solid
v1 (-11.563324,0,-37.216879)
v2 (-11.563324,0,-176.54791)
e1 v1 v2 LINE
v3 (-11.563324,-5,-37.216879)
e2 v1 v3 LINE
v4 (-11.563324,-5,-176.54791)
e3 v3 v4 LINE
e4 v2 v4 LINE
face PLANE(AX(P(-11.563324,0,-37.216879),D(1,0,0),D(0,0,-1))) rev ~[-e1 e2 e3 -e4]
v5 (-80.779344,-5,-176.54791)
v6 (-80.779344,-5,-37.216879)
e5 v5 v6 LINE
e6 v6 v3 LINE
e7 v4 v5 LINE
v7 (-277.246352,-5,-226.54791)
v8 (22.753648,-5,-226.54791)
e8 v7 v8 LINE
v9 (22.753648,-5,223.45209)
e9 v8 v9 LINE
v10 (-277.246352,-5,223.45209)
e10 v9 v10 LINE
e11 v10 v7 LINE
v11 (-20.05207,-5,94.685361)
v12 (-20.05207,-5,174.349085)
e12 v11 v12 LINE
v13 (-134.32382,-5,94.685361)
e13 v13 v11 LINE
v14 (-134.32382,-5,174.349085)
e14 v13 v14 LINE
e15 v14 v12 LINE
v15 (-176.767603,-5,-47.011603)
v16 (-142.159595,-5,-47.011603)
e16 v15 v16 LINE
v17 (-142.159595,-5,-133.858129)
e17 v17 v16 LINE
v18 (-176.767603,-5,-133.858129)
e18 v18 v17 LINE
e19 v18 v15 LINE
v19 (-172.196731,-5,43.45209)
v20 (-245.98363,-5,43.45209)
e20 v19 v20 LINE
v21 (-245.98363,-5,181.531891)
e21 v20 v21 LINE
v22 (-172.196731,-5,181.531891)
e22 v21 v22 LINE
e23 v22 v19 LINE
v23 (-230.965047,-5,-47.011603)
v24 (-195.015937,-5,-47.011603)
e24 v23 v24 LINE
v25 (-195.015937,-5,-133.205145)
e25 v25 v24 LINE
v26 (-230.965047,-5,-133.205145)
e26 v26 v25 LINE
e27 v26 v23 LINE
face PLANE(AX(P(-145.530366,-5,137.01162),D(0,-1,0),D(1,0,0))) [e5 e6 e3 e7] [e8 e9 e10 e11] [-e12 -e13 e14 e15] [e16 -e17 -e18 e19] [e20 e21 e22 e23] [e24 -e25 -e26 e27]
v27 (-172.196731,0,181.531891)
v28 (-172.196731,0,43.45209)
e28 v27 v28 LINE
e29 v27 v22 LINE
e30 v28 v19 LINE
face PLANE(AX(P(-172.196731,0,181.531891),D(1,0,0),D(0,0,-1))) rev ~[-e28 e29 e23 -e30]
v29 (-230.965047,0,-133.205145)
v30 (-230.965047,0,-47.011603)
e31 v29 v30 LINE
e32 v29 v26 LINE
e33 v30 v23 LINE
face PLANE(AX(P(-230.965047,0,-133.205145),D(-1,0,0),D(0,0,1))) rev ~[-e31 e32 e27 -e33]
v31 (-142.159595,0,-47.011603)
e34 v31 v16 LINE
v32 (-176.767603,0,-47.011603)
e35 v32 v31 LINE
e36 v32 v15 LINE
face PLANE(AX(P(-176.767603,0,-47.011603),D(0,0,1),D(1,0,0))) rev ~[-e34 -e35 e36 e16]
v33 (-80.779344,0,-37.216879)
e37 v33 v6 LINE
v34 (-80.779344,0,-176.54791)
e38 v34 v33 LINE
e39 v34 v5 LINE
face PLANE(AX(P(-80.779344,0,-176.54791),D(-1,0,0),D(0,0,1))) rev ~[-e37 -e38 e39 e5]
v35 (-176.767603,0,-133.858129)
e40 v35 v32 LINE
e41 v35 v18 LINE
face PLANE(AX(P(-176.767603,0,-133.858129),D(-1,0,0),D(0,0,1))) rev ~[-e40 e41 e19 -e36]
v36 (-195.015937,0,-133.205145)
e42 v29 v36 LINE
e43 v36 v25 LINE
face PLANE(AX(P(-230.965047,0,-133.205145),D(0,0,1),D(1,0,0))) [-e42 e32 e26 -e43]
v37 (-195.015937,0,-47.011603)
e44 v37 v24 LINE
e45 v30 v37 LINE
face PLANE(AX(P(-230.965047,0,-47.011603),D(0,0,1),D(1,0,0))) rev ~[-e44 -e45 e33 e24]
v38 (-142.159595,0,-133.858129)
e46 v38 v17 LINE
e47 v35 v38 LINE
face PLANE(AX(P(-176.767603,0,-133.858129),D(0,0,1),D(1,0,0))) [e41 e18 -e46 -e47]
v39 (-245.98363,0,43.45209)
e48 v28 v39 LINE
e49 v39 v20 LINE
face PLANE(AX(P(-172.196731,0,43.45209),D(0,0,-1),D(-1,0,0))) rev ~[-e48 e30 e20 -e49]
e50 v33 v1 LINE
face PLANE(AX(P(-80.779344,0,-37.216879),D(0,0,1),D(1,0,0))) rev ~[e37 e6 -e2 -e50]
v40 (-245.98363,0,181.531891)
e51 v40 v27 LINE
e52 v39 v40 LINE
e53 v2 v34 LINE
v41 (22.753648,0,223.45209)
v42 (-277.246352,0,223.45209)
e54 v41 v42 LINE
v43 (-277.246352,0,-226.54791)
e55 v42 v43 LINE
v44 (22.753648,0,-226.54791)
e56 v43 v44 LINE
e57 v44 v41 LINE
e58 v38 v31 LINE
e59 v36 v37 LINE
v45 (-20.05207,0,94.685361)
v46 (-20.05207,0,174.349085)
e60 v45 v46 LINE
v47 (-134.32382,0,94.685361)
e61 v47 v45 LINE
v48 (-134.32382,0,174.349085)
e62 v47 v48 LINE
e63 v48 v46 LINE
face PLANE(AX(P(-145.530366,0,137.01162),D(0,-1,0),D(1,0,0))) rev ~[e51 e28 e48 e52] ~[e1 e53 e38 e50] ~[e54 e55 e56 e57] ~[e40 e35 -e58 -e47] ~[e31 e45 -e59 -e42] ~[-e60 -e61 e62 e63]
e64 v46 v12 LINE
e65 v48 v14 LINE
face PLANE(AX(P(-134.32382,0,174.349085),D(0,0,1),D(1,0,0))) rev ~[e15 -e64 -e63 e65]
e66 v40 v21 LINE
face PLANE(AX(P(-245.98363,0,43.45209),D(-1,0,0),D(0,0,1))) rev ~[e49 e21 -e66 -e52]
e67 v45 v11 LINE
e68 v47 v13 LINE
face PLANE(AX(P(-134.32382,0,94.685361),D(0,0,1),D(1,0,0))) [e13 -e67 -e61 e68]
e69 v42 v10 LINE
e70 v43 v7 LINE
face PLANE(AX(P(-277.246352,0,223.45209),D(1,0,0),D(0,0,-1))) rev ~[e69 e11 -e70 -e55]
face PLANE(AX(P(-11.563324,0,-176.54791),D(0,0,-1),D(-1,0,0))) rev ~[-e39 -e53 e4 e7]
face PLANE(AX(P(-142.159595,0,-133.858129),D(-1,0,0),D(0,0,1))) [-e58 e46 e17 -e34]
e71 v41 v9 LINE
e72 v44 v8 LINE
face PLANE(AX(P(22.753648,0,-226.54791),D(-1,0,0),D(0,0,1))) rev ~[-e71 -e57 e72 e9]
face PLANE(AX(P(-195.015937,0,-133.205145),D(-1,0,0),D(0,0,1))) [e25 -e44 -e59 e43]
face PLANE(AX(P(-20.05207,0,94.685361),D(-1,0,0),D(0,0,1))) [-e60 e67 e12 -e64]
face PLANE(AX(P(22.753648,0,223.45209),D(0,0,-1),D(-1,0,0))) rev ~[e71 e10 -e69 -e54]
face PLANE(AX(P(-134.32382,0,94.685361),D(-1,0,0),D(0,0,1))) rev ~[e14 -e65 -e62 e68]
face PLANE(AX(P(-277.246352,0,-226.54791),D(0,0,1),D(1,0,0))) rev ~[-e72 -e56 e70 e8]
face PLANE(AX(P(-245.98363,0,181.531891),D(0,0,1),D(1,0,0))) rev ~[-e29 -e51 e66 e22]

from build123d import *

# Parameters (mm, degrees)
F0_W     = 114.27175
F0_H     = 79.663723
F0_W_2   = 35.949111
F0_H_2   = 86.193543
F0_W_3   = 34.608007
F0_H_3   = 86.846526
F1_DEPTH = 5


with BuildPart() as f1:
    # F0 (on Front) → F1 (new body)
    with BuildSketch(Plane.XZ):
        Polygon((22.753648, 223.45209), (-277.246352, 223.45209), (-277.246352, 43.45209), (-245.98363, 43.45209), (-245.98363, 181.531891), (-172.196731, 181.531891), (-172.196731, 43.45209), (22.753648, 43.45209), align=None)
        with Locations((-77.187945, 134.517223)):
            Rectangle(F0_W, F0_H, mode=Mode.SUBTRACT)
        Polygon((-195.015937, 3.45209), (-277.246352, 3.45209), (-277.246352, -16.809836), (-277.246352, -176.54791), (-80.779344, -176.54791), (-80.779344, -37.216879), (-11.563324, -37.216879), (-11.563324, -176.54791), (22.753648, -176.54791), (22.753648, -16.809836), (22.753648, 0), (22.753648, 3.45209), align=None)
        with Locations((-212.990492, -90.108374)):
            Rectangle(F0_W_2, F0_H_2, mode=Mode.SUBTRACT)
        with Locations((-159.463599, -90.434866)):
            Rectangle(F0_W_3, F0_H_3, mode=Mode.SUBTRACT)
        Polygon((-245.98363, 43.45209), (-277.246352, 43.45209), (-277.246352, 23.190164), (-277.246352, 3.45209), (-195.015937, 3.45209), (22.753648, 3.45209), (22.753648, 23.190164), (22.753648, 43.45209), (-172.196731, 43.45209), align=None)
        Polygon((-80.779344, -176.54791), (-277.246352, -176.54791), (-277.246352, -226.54791), (22.753648, -226.54791), (22.753648, -176.54791), (-11.563324, -176.54791), align=None)
    extrude(amount=F1_DEPTH)


solid = f1.part
